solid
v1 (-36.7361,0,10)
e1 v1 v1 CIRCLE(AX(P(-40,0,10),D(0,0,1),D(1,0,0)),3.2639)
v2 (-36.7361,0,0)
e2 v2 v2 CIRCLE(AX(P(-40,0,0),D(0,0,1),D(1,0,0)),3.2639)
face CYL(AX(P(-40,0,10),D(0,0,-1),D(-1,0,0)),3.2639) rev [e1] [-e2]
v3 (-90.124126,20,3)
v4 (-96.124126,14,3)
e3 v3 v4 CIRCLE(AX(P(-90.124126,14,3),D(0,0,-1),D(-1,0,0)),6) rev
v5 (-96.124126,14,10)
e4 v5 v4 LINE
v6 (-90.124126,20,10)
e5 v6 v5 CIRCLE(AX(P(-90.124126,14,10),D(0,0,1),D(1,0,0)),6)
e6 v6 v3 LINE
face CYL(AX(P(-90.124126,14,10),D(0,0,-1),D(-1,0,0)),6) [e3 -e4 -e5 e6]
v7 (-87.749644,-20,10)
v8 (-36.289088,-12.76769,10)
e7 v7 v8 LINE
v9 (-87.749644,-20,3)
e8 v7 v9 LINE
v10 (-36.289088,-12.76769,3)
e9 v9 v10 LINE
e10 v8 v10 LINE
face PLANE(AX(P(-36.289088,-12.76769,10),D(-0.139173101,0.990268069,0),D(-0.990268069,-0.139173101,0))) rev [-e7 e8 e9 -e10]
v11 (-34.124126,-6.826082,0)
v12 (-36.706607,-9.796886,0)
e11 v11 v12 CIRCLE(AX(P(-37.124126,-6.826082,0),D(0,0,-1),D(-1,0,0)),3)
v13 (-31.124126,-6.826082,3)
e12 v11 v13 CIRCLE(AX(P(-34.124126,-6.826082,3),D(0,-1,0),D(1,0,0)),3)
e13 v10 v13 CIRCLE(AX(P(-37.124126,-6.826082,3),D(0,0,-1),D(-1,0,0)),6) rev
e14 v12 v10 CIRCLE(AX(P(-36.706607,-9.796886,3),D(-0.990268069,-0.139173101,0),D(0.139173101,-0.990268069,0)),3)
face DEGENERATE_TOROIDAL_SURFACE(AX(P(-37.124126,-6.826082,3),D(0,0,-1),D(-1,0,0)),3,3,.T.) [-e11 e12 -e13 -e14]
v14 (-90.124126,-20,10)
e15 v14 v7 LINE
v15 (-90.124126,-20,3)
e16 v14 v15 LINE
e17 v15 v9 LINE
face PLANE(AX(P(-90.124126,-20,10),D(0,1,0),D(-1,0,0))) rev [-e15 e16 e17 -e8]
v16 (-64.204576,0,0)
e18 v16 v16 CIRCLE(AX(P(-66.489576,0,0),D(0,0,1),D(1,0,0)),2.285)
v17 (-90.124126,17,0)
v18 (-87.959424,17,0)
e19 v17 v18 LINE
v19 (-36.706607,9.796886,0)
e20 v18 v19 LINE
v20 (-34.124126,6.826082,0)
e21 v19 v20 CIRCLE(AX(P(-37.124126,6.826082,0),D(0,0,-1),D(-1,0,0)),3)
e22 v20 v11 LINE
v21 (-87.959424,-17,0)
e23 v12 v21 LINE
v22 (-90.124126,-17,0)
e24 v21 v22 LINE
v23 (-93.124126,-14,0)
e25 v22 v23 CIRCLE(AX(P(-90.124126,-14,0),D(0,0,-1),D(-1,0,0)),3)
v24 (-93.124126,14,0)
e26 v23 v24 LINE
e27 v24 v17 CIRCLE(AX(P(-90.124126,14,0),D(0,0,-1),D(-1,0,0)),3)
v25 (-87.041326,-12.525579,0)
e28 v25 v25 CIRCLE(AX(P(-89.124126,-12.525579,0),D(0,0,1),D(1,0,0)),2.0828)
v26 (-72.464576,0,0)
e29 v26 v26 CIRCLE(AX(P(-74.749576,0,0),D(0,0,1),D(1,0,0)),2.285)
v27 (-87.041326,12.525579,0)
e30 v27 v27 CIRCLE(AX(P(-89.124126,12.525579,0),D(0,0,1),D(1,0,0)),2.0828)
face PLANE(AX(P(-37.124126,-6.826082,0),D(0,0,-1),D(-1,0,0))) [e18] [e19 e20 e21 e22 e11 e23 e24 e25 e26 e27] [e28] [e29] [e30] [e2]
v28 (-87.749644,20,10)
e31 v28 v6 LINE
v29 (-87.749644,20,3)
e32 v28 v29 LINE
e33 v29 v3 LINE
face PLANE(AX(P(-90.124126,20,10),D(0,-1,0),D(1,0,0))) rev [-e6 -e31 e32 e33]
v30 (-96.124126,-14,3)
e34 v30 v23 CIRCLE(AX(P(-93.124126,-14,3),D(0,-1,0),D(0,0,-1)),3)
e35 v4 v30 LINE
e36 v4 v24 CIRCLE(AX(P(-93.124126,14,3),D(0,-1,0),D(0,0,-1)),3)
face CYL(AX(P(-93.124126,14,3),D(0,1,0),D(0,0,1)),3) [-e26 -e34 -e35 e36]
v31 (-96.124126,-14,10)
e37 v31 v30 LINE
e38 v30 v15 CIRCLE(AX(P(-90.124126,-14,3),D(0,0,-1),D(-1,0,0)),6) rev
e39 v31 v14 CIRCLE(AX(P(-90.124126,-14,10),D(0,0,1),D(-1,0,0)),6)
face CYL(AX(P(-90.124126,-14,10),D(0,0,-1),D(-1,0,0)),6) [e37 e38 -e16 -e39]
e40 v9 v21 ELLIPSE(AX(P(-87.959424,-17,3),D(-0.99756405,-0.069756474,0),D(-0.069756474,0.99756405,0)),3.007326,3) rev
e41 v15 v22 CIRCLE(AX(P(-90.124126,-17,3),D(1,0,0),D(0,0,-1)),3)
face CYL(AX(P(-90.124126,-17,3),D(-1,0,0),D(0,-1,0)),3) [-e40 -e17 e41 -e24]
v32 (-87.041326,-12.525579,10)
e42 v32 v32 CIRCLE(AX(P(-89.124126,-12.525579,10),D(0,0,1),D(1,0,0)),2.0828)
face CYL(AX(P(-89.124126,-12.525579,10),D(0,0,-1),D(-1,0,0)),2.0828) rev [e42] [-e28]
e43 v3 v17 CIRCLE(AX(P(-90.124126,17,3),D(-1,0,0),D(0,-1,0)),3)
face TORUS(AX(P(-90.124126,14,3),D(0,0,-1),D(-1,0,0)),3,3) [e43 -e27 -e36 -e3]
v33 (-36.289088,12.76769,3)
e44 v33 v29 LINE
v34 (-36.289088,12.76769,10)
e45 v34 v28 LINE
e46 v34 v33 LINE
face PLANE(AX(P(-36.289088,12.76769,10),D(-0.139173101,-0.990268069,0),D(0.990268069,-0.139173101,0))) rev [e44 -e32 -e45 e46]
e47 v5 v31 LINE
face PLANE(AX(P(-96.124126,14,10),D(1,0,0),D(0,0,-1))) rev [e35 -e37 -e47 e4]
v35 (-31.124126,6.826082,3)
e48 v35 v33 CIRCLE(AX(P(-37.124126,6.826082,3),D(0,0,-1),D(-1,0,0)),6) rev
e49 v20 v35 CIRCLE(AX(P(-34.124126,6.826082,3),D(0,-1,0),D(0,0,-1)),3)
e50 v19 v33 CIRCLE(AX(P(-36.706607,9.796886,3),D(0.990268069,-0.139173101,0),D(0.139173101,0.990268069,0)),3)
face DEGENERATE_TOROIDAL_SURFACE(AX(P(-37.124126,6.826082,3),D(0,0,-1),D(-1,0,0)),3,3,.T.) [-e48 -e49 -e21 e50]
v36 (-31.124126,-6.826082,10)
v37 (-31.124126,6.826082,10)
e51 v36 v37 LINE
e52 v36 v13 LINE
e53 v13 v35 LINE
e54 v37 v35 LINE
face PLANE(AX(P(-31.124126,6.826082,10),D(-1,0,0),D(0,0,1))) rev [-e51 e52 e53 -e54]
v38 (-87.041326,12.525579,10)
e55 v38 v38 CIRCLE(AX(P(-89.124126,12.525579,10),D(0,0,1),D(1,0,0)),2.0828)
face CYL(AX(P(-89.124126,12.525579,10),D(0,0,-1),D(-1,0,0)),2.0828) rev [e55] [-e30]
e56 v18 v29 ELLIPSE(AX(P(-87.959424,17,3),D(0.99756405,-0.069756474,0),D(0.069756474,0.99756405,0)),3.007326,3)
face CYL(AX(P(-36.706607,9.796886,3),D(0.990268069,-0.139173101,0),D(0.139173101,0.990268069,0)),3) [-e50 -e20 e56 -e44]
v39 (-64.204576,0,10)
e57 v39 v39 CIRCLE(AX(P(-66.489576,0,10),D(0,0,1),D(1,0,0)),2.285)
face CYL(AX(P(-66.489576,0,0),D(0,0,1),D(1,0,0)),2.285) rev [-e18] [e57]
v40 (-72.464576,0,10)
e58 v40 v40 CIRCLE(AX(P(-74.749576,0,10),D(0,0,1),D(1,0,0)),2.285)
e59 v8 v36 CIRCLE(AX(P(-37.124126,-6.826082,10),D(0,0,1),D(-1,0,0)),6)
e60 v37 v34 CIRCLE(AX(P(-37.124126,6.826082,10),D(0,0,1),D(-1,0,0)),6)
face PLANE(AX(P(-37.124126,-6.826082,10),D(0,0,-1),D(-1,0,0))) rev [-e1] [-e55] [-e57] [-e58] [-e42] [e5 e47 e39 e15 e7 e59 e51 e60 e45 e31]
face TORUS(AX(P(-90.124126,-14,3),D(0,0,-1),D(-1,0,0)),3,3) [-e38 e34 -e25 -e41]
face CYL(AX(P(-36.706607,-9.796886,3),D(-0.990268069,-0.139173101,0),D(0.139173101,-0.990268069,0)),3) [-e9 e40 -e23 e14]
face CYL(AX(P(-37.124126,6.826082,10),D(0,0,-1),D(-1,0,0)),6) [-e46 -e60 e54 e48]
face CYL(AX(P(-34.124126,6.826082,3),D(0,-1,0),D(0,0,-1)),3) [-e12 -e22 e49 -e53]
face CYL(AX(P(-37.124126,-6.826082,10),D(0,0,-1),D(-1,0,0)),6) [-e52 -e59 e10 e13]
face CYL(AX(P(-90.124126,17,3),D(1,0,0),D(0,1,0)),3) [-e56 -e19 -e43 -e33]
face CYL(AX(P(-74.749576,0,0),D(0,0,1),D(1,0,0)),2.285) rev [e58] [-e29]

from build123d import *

# Parameters (mm, degrees)
SKETCH1_R            = 2.0828
SKETCH1_R_2          = 3.2639
BASE_EXTRUDE_DEPTH   = 10
SKETCH3_R            = 2.285
HOLES_TO_CLAMP_DEPTH = 11
FILLET2_R            = 3


with BuildPart() as part:
    # Sketch1 → Base-Extrude (new body)
    with BuildSketch(Plane.XY):
        with BuildLine():
            Line((-90.124126187, 20), (-87.749643874, 20))
            Line((-87.749643874, 20), (-36.289087581, 12.767690464))
            ThreePointArc((-36.289087581, 12.767690464), (-32.595868705, 10.762436226), (-31.124126187, 6.826082052))
            Line((-31.124126187, 6.826082052), (-31.124126187, -6.826082052))
            ThreePointArc((-31.124126187, -6.826082052), (-32.595868705, -10.762436226), (-36.289087581, -12.767690464))
            Line((-36.289087581, -12.767690464), (-87.749643874, -20))
            Line((-87.749643874, -20), (-90.124126187, -20))
            ThreePointArc((-90.124126187, -20), (-94.366766874, -18.242640687), (-96.124126187, -14))
            Line((-96.124126187, -14), (-96.124126187, 14))
            ThreePointArc((-96.124126187, 14), (-94.366766874, 18.242640687), (-90.124126187, 20))
        make_face()
        with Locations((-89.124126187, 12.525579086)):
            Circle(SKETCH1_R, mode=Mode.SUBTRACT)
        with Locations((-40, 0)):
            Circle(SKETCH1_R_2, mode=Mode.SUBTRACT)
        with Locations((-89.124126187, -12.525579086)):
            Circle(SKETCH1_R, mode=Mode.SUBTRACT)
    extrude(amount=BASE_EXTRUDE_DEPTH)

    # Sketch3 → Holes to Clamp (cut, through all)
    with BuildSketch(Plane.XY.offset(10)):
        with Locations((-66.489576187, 0)):
            Circle(SKETCH3_R)
        with Locations((-74.749576187, 0)):
            Circle(SKETCH3_R)
    extrude(amount=-HOLES_TO_CLAMP_DEPTH, mode=Mode.SUBTRACT)

    # Fillet2
    fillet2_edges = [part.edges().sort_by_distance(p)[0] for p in [
        (-88.93688503, 20, 0),
        (-62.019365727, 16.383845232, 0),
        (-32.595868705, 10.762436226, 0),
        (-31.124126187, 0, 0),
        (-32.595868705, -10.762436226, 0),
        (-62.019365727, -16.383845232, 0),
        (-88.93688503, -20, 0),
        (-94.366766874, -18.242640687, 0),
        (-96.124126187, 0, 0),
        (-94.366766874, 18.242640687, 0),
    ]]
    fillet(fillet2_edges, radius=FILLET2_R)


solid = part.part
